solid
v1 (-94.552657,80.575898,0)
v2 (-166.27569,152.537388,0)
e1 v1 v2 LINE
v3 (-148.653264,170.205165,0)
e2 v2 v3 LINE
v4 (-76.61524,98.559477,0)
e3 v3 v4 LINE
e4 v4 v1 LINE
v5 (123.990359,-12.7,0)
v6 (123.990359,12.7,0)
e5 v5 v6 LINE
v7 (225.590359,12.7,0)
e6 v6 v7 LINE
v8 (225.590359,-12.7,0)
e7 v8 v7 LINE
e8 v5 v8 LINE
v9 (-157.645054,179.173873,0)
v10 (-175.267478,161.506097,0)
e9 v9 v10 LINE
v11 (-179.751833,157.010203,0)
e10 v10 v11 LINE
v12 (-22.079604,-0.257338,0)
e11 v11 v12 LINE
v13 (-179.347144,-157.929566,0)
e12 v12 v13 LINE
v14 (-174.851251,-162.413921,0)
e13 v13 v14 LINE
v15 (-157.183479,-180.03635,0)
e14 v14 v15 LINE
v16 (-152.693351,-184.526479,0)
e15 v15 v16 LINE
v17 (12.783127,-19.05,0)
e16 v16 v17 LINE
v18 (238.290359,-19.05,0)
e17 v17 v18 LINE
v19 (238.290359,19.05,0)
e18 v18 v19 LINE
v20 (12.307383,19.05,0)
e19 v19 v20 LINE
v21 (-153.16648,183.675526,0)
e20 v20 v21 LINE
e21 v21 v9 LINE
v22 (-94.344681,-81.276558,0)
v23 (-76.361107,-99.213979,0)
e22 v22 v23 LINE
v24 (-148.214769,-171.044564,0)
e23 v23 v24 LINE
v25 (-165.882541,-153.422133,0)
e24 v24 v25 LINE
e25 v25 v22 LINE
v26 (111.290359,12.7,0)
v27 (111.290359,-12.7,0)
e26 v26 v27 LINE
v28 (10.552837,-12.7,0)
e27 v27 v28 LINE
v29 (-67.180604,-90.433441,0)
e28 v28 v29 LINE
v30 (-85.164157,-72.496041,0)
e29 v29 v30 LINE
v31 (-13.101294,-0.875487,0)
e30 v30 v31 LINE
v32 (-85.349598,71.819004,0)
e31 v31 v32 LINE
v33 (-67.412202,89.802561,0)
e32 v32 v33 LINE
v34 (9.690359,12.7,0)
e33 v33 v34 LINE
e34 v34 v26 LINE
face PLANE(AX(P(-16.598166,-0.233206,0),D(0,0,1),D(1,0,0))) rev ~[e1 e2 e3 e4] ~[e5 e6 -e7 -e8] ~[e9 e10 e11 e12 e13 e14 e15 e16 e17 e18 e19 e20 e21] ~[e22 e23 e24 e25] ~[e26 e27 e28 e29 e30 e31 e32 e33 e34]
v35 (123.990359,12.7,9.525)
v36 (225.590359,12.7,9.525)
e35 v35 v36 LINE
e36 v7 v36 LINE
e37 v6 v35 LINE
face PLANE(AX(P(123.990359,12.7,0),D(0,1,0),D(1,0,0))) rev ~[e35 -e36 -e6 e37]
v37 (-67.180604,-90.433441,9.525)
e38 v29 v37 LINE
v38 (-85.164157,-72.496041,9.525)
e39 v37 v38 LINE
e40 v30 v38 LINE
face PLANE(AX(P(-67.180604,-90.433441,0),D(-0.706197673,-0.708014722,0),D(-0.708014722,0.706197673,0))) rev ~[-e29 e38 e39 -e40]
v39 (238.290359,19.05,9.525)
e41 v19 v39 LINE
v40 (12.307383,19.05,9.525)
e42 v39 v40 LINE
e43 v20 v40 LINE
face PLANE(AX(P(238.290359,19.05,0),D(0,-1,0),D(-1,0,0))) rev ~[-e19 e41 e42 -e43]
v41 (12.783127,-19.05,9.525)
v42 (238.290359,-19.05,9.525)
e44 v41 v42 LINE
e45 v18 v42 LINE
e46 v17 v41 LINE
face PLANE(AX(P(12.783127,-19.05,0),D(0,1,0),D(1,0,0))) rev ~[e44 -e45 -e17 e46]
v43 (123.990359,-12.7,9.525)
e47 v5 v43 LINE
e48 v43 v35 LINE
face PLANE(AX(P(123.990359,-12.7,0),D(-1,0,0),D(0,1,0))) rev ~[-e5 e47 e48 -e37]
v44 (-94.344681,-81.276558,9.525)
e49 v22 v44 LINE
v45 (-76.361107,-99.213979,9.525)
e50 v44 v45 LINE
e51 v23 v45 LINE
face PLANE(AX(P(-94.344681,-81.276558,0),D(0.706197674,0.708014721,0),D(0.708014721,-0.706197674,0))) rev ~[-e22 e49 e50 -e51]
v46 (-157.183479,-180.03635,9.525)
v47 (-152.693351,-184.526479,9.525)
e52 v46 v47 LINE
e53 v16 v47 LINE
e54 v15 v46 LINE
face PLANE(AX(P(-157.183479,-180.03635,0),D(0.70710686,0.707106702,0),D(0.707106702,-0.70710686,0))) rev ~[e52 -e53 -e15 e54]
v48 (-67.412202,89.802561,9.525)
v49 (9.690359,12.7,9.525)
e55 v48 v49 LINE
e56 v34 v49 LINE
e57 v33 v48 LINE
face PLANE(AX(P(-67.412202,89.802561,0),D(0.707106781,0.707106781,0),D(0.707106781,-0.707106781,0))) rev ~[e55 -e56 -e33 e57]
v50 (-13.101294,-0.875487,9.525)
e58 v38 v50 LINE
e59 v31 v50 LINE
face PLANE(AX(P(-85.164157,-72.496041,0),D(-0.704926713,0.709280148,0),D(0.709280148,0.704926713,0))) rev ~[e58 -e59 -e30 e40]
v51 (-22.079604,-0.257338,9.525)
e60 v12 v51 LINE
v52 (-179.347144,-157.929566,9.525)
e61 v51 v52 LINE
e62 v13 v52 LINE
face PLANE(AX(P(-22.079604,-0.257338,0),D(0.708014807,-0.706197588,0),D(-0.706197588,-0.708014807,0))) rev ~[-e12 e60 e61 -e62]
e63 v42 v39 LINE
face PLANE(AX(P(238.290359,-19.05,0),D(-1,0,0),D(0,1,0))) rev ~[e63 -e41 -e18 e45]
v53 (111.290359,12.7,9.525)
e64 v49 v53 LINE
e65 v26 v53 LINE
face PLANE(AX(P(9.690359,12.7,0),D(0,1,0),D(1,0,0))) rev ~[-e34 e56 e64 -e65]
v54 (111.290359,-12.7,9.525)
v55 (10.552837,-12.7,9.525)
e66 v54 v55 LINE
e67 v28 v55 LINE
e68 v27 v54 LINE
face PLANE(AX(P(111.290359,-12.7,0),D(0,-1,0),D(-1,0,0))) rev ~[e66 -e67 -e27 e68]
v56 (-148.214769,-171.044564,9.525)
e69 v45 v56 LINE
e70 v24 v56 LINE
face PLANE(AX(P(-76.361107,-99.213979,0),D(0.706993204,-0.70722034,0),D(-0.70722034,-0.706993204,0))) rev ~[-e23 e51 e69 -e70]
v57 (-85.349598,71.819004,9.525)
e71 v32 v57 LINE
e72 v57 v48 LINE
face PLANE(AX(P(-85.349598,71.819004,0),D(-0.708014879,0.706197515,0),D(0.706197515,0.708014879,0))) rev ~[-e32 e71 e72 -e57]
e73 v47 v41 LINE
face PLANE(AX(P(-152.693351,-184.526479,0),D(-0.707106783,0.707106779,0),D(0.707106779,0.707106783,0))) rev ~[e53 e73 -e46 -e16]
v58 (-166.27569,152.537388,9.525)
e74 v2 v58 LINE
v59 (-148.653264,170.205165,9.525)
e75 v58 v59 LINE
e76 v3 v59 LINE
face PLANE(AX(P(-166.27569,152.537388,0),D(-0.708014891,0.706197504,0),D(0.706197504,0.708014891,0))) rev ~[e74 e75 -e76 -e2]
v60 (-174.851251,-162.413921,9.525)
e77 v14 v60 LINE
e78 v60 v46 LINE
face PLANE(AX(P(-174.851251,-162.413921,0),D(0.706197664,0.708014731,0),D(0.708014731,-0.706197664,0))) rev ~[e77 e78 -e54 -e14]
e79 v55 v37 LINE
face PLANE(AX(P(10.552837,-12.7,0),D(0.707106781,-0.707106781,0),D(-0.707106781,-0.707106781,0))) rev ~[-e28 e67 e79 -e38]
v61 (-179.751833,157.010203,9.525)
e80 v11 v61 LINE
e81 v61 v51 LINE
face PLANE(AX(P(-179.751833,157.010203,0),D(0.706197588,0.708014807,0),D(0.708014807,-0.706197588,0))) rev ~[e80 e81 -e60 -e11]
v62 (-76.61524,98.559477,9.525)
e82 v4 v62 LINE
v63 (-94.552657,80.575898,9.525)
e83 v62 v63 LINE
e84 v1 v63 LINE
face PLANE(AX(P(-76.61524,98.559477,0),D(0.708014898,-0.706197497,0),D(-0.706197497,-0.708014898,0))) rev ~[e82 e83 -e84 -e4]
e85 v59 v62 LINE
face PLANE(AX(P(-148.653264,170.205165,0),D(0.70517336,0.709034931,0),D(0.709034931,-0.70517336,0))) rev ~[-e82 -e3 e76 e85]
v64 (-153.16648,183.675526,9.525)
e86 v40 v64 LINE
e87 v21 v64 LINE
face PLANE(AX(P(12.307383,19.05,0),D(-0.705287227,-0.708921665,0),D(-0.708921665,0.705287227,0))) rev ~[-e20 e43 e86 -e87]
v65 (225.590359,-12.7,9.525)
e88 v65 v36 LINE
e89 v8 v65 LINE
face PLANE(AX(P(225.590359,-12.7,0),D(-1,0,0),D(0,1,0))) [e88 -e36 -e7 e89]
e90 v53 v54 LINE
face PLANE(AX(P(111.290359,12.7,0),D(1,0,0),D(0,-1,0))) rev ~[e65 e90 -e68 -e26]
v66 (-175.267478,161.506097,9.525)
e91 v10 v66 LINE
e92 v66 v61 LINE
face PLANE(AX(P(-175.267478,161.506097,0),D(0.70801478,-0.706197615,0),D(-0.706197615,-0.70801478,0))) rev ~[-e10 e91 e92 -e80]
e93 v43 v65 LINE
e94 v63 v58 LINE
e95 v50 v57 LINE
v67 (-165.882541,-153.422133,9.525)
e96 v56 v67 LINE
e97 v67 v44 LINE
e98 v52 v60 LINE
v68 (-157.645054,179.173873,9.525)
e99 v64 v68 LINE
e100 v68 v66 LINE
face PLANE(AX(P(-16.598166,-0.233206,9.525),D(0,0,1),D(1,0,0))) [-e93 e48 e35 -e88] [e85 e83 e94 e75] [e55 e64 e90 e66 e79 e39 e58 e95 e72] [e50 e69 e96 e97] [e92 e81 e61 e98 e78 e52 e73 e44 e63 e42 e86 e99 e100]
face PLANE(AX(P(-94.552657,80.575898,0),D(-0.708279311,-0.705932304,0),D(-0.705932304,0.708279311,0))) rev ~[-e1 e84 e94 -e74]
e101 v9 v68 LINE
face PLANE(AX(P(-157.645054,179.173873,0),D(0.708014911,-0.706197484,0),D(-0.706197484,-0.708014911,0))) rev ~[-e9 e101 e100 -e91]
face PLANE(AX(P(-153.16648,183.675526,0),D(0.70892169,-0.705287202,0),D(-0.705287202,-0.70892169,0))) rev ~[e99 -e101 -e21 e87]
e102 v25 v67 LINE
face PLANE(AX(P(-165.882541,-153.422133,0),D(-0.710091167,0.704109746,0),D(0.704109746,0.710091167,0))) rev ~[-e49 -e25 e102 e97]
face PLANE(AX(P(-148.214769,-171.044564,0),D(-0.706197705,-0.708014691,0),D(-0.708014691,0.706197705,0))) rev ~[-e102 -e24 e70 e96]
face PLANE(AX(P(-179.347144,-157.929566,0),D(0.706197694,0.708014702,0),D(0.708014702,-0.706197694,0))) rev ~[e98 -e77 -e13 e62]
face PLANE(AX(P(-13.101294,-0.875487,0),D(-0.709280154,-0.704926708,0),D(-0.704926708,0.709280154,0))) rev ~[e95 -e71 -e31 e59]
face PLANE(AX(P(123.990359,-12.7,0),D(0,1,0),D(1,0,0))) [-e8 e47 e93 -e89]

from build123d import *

# Parameters (mm, degrees)
F0_W     = 101.6
F0_H     = 25.4
F1_DEPTH = 9.525


with BuildPart() as f1:
    # F0 (on Top) → F1 (new body)
    with BuildSketch(Plane.XY):
        Polygon((-157.645054, 179.173873), (-175.267478, 161.506097), (-179.751833, 157.010203), (-22.079604, -0.257338), (-179.347144, -157.929566), (-174.851251, -162.413921), (-157.183479, -180.03635), (-152.693351, -184.526479), (12.783127, -19.05), (238.290359, -19.05), (238.290359, -12.7), (238.290359, 12.7), (238.290359, 19.05), (12.307383, 19.05), (-153.16648, 183.675526), align=None)
        Polygon((-165.882541, -153.422133), (-94.344681, -81.276558), (-76.361107, -99.213979), (-148.214769, -171.044564), align=None, mode=Mode.SUBTRACT)
        Polygon((-67.180604, -90.433441), (-85.164157, -72.496041), (-13.101294, -0.875487), (-85.349598, 71.819004), (-67.412202, 89.802561), (9.690359, 12.7), (111.290359, 12.7), (111.290359, -12.7), (10.552837, -12.7), align=None, mode=Mode.SUBTRACT)
        Polygon((-76.61524, 98.559477), (-94.552657, 80.575898), (-166.27569, 152.537388), (-148.653264, 170.205165), align=None, mode=Mode.SUBTRACT)
        with Locations((174.790359, 0)):
            Rectangle(F0_W, F0_H, mode=Mode.SUBTRACT)
    extrude(amount=F1_DEPTH)


solid = f1.part
